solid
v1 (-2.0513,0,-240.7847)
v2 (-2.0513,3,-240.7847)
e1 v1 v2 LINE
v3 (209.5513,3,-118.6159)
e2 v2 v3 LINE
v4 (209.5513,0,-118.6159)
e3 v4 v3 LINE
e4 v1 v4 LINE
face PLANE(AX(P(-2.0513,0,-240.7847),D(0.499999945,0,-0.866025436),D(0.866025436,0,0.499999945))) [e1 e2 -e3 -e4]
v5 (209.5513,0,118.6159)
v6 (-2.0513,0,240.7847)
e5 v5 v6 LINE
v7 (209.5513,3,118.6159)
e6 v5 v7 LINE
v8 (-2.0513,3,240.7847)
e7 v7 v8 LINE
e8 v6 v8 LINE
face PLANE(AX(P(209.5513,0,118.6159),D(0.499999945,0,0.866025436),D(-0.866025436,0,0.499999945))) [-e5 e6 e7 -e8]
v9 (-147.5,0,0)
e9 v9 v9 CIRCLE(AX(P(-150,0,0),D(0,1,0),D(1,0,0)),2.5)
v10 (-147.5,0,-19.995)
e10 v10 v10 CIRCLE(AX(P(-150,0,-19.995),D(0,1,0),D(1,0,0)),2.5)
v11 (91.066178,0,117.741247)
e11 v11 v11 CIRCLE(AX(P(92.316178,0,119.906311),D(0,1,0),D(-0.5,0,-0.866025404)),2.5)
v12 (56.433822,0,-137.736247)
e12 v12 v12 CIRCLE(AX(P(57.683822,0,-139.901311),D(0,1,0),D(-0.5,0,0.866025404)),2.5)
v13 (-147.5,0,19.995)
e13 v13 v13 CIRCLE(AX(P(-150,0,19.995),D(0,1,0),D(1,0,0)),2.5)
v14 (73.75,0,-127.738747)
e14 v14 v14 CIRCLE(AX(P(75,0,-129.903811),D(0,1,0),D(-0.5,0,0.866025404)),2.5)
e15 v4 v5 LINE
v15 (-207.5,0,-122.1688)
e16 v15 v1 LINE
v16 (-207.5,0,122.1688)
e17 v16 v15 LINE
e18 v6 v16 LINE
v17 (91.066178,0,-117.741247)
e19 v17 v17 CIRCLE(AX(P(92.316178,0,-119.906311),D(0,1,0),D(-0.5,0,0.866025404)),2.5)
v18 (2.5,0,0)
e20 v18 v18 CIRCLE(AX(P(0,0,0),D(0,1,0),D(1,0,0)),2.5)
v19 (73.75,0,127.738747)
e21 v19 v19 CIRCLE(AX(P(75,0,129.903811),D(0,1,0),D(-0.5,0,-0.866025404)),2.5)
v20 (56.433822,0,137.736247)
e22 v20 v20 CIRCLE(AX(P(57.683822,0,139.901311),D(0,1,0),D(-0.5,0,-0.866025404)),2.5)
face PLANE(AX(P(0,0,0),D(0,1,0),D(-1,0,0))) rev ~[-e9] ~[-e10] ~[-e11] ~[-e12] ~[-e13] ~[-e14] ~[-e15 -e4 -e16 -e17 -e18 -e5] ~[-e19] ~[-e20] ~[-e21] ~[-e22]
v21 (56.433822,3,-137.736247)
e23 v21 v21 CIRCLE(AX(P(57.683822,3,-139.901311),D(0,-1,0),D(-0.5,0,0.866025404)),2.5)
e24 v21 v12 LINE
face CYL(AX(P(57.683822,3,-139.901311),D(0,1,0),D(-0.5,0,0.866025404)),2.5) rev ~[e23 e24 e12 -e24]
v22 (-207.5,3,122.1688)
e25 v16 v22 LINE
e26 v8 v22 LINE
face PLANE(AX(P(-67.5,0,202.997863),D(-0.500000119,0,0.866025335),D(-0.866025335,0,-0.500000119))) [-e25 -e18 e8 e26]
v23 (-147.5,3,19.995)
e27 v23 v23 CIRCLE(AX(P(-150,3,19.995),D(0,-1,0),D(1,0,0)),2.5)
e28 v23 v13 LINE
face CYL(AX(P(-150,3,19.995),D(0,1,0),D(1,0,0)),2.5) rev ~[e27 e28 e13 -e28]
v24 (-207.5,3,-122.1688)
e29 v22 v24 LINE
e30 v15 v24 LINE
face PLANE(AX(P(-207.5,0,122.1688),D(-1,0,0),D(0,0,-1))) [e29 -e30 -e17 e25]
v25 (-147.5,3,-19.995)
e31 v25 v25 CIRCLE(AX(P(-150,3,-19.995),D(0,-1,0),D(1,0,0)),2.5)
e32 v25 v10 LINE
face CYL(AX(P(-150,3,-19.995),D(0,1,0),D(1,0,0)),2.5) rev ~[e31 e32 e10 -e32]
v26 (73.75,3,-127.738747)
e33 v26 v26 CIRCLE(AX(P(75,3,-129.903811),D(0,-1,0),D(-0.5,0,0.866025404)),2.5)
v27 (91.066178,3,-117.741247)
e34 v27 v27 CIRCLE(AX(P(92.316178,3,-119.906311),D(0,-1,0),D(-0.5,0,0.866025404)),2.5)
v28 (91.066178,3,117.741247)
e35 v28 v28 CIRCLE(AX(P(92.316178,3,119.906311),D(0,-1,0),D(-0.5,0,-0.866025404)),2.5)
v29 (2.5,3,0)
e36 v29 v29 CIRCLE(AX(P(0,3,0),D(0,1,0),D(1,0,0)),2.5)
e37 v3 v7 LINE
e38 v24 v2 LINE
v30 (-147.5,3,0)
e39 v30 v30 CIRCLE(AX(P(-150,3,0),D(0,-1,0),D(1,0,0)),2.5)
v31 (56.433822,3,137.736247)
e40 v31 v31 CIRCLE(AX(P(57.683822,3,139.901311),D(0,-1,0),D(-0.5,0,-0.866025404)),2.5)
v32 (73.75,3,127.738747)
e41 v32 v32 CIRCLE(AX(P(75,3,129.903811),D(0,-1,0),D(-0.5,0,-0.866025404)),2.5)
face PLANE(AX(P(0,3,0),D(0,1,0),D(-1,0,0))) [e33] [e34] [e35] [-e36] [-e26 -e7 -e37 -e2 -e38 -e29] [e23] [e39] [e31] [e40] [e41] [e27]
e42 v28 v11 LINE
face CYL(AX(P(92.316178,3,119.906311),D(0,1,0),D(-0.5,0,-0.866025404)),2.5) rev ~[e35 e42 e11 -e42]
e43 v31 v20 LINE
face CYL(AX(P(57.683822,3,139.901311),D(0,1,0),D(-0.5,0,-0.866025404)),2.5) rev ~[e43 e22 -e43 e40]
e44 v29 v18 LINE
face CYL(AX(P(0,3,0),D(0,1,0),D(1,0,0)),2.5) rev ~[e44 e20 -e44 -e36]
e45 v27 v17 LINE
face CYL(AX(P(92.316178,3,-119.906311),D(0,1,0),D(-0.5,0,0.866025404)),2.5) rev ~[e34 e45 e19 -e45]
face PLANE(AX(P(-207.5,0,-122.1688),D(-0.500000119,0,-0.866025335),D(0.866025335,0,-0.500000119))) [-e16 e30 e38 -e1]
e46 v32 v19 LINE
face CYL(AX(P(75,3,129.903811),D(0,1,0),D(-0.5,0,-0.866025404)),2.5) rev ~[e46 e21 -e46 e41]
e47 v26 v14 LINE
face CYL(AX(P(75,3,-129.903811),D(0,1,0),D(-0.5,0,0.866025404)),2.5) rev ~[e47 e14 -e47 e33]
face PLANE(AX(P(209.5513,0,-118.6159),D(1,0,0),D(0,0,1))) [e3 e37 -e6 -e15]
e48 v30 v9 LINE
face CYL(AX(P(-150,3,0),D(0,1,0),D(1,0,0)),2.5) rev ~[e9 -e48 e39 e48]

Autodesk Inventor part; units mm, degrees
ref_plane "YZ Plane" through (0, 0, 0) normal (1, 0, 0) x (0, 1, 0)
ref_plane "XZ Plane" through (0, 0, 0) normal (0, 1, 0) x (-1, 0, 0)
ref_plane "XY Plane" through (0, 0, 0) normal (0, 0, 1) x (1, 0, 0)
sketch "Sketch1" plane through (0, 0, 0) normal (0, 1, 0) x (-1, 0, 0)
  circle A0 centre (0, 0) radius 37.5
  line L0 (0, 0) -> (37.5, 0)
  line L1 (37.5, 0) -> (-18.75, 32.476)
  line L2 (37.5, 0) -> (102.4519, 0) construction
  line L3 (-18.75, 32.476) -> (-18.75, -32.476)
  line L4 (37.5, 0) -> (-18.75, -32.476)
  line L5 (37.5, 0) -> (37.5, 160)
  line L6 (37.5, 160) -> (37.5, 180)
  circle A1 centre (37.5, 180) radius 2.25
  circle A2 centre (37.5, 200) radius 2.25
  circle A3 centre (57.5, 180) radius 2.25
  circle A4 centre (57.5, 200) radius 2.25
  line L7 (57.5, 180) -> (67.5, 180)
  line L8 (67.5, 180) -> (67.5, 170)
  line L9 (67.5, 170) -> (7.5, 170)
  line L10 (7.5, 170) -> (7.5, 210)
  line L11 (7.5, 210) -> (67.5, 210)
  line L12 (67.5, 210) -> (67.5, 170)
  line L13 (143.4743, -91.4952) -> (178.1153, -111.4952)
  line L14 (178.1153, -111.4952) -> (148.1153, -163.4567)
  circle A5 centre (154.4551, -132.476) radius 2.25
  circle A6 centre (144.4551, -149.7965) radius 2.25
  line L15 (148.1153, -163.4567) -> (113.4743, -143.4567)
  line L16 (113.4743, -143.4567) -> (143.4743, -91.4952)
  circle A7 centre (127.1346, -139.7965) radius 2.25
  circle A8 centre (137.1346, -122.476) radius 2.25
  circle A9 centre (0, 0) radius 37.5
  line L17 (-150.9743, -78.5048) -> (-185.6153, -98.5048)
  line L18 (-185.6153, -98.5048) -> (-215.6153, -46.5433)
  circle A10 centre (-191.9551, -67.524) radius 2.25
  circle A11 centre (-201.9551, -50.2035) radius 2.25
  line L19 (-215.6153, -46.5433) -> (-180.9743, -26.5433)
  line L20 (-180.9743, -26.5433) -> (-150.9743, -78.5048)
  circle A12 centre (-184.6346, -40.2035) radius 2.25
  circle A13 centre (-174.6346, -57.524) radius 2.25
  circle A14 centre (0, 0) radius 37.5
  circle A15 centre (0, 0) radius 48
  line L21 (-215.6153, -46.5433) -> (-155.6153, -46.5433) construction
  line L22 (67.5, 210) -> (127.5, 210) construction
  line L23 (67.5, 210) -> (15, 210) construction
  line L24 (-215.6153, -46.5433) -> (-185.6153, -46.5433) construction
  line L25 (67.5, 210) -> (22.5, 210) construction
  line L26 (-215.6153, -46.5433) -> (-170.6153, -46.5433) construction
  line L27 (-215.6153, -46.5433) -> (-170.6153, -46.5433) construction
  line L28 (-18.75, -32.476) -> (-41.25, -71.4471)
  line L29 (-18.75, -32.476) -> (26.25, -32.476) construction
  line L30 (-41.25, -71.4471) -> (-84.5513, -46.4471)
  line L31 (-41.25, -71.4471) -> (2.0513, -96.4471)
  line L32 (-41.25, -71.4471) -> (8.75, -71.4471) construction
  line L33 (82.5, 0) -> (82.5, -50)
  line L34 (82.5, 0) -> (82.5, 50)
  line L35 (-41.25, 71.4471) -> (2.0513, 96.4471)
  line L36 (-41.25, 71.4471) -> (-84.5513, 46.4471)
  line L37 (-84.5513, -46.4471) -> (-84.5513, 46.4471)
  line L38 (82.5, -50) -> (2.0513, -96.4471)
  line L39 (82.5, 50) -> (2.0513, 96.4471)
  line L40 (2.0513, -240.7847) -> (-103.75, -179.7003)
  line L41 (-103.75, -179.7003) -> (-209.5513, -118.6159)
  line L42 (-209.5513, -118.6159) -> (-209.5513, 118.6159)
  line L43 (-209.5513, 118.6159) -> (-103.75, 179.7003)
  line L44 (-103.75, 179.7003) -> (2.0513, 240.7847)
  line L45 (2.0513, 240.7847) -> (207.5, 122.1688)
  line L46 (207.5, 122.1688) -> (207.5, 0)
  line L47 (207.5, 0) -> (207.5, -122.1688)
  line L48 (207.5, -122.1688) -> (2.0513, -240.7847)
  point P0 (37.5, 0)
  point P1 (-18.75, 32.476)
  point P2 (37.5, 0)
  dimension "d0" = 75
  dimension "d1" = 37.5
  dimension "d2" = 150
  dimension "d3" = 160
  dimension "d4" = 20
  dimension "d5" = 4.5
  dimension "d8" = 20
  dimension "d11" = 20
  dimension "d14" = 10
  dimension "d15" = 10
  dimension "d16" = 60
  dimension "d17" = 40
  dimension "d20" = 360
  dimension "d22" = 96
  dimension "d45" = 45
  dimension "d46" = 120
  dimension "d47" = 50
  dimension "d48" = 90
  dimension "d49" = 50
  dimension "d50" = 30
  dimension "d53" = 360
  dimension "d72" = 125
ref_plane "Work Plane2" through (0, 3, 0) normal (0, 1, 0) x (1, 0, 0)
ref_plane "Work Plane1" through (0, 3, 0) normal (0, 1, 0) x (1, 0, 0)
extrude "Extrusion8" add sketch "Sketch1" along normal blind 3 contours L1 A0 | L5 A15 L28 A0 | L4 L3 L1 | A0 L4 | A0 L28 A15 L5 | L3 A0 | A15 L28 L30 L37 L36 L35 L39 L5 | L5 L39 L34 L33 L38 L31 L28 A15 | L9 L8 L12 L45 L46 L47 L48 L14 L13 L16 L15 L40 L41 L42 L18 L17 L20 L19 L43 L44 L11 L10 | A1 | A3 | L9 L10 L11 L45 L12 L8 | L48 L15 L16 L13 L14 | L19 L20 L17 L18 L42 | A2 | A4 | A5 | A6 | A7 | A8 | A10 | A11 | A12 | A13
sketch "Sketch4" plane through (0, 3, 0) normal (0, 1, 0) x (1, 0, 0)
  line L0 (0, 0) -> (-150, 0)
  circle A0 centre (0, 0) radius 2.5
  line L1 (-150, 0) -> (-150, -19.995)
  circle A1 centre (-150, -19.995) radius 2.5
  line L2 (-150, 0) -> (-150, 19.995)
  circle A2 centre (-150, 19.995) radius 2.5
  circle A3 centre (-150, 0) radius 2.5
  dimension "d79" = 150
  dimension "d80" = 5
  dimension "d81" = 19.995
  dimension "d82" = 5
  dimension "d83" = 19.995
  dimension "d84" = 5
  dimension "d90" = 5
extrude "Extrusion10" cut sketch "Sketch4" against normal blind 3
pattern_circular "Circular Pattern2" count 3 over 360 about axis through (0, 3, 0) along (0, -1, 0) of "Extrusion10"
sketch "Sketch5" plane through (0, 3, 0) normal (0, 1, 0) x (1, 0, 0)
  circle A0 centre (0, 0) radius 100
  circle A1 centre (0, 0) radius 2.5 projected
  line L0 (0, 0) -> (100, 0)
  line L1 (100, 0) -> (100, 20)
  line L2 (0, 0) -> (50, 86.6025)
  line L3 (0, 0) -> (100, 0) construction
  line L4 (50, 86.6025) -> (67.3205, 76.6025)
  dimension "d96" = 200
  dimension "d97" = 20
  dimension "d98" = 60
  dimension "d99" = 20
properties part number "Delta_Top" material "Glass"
